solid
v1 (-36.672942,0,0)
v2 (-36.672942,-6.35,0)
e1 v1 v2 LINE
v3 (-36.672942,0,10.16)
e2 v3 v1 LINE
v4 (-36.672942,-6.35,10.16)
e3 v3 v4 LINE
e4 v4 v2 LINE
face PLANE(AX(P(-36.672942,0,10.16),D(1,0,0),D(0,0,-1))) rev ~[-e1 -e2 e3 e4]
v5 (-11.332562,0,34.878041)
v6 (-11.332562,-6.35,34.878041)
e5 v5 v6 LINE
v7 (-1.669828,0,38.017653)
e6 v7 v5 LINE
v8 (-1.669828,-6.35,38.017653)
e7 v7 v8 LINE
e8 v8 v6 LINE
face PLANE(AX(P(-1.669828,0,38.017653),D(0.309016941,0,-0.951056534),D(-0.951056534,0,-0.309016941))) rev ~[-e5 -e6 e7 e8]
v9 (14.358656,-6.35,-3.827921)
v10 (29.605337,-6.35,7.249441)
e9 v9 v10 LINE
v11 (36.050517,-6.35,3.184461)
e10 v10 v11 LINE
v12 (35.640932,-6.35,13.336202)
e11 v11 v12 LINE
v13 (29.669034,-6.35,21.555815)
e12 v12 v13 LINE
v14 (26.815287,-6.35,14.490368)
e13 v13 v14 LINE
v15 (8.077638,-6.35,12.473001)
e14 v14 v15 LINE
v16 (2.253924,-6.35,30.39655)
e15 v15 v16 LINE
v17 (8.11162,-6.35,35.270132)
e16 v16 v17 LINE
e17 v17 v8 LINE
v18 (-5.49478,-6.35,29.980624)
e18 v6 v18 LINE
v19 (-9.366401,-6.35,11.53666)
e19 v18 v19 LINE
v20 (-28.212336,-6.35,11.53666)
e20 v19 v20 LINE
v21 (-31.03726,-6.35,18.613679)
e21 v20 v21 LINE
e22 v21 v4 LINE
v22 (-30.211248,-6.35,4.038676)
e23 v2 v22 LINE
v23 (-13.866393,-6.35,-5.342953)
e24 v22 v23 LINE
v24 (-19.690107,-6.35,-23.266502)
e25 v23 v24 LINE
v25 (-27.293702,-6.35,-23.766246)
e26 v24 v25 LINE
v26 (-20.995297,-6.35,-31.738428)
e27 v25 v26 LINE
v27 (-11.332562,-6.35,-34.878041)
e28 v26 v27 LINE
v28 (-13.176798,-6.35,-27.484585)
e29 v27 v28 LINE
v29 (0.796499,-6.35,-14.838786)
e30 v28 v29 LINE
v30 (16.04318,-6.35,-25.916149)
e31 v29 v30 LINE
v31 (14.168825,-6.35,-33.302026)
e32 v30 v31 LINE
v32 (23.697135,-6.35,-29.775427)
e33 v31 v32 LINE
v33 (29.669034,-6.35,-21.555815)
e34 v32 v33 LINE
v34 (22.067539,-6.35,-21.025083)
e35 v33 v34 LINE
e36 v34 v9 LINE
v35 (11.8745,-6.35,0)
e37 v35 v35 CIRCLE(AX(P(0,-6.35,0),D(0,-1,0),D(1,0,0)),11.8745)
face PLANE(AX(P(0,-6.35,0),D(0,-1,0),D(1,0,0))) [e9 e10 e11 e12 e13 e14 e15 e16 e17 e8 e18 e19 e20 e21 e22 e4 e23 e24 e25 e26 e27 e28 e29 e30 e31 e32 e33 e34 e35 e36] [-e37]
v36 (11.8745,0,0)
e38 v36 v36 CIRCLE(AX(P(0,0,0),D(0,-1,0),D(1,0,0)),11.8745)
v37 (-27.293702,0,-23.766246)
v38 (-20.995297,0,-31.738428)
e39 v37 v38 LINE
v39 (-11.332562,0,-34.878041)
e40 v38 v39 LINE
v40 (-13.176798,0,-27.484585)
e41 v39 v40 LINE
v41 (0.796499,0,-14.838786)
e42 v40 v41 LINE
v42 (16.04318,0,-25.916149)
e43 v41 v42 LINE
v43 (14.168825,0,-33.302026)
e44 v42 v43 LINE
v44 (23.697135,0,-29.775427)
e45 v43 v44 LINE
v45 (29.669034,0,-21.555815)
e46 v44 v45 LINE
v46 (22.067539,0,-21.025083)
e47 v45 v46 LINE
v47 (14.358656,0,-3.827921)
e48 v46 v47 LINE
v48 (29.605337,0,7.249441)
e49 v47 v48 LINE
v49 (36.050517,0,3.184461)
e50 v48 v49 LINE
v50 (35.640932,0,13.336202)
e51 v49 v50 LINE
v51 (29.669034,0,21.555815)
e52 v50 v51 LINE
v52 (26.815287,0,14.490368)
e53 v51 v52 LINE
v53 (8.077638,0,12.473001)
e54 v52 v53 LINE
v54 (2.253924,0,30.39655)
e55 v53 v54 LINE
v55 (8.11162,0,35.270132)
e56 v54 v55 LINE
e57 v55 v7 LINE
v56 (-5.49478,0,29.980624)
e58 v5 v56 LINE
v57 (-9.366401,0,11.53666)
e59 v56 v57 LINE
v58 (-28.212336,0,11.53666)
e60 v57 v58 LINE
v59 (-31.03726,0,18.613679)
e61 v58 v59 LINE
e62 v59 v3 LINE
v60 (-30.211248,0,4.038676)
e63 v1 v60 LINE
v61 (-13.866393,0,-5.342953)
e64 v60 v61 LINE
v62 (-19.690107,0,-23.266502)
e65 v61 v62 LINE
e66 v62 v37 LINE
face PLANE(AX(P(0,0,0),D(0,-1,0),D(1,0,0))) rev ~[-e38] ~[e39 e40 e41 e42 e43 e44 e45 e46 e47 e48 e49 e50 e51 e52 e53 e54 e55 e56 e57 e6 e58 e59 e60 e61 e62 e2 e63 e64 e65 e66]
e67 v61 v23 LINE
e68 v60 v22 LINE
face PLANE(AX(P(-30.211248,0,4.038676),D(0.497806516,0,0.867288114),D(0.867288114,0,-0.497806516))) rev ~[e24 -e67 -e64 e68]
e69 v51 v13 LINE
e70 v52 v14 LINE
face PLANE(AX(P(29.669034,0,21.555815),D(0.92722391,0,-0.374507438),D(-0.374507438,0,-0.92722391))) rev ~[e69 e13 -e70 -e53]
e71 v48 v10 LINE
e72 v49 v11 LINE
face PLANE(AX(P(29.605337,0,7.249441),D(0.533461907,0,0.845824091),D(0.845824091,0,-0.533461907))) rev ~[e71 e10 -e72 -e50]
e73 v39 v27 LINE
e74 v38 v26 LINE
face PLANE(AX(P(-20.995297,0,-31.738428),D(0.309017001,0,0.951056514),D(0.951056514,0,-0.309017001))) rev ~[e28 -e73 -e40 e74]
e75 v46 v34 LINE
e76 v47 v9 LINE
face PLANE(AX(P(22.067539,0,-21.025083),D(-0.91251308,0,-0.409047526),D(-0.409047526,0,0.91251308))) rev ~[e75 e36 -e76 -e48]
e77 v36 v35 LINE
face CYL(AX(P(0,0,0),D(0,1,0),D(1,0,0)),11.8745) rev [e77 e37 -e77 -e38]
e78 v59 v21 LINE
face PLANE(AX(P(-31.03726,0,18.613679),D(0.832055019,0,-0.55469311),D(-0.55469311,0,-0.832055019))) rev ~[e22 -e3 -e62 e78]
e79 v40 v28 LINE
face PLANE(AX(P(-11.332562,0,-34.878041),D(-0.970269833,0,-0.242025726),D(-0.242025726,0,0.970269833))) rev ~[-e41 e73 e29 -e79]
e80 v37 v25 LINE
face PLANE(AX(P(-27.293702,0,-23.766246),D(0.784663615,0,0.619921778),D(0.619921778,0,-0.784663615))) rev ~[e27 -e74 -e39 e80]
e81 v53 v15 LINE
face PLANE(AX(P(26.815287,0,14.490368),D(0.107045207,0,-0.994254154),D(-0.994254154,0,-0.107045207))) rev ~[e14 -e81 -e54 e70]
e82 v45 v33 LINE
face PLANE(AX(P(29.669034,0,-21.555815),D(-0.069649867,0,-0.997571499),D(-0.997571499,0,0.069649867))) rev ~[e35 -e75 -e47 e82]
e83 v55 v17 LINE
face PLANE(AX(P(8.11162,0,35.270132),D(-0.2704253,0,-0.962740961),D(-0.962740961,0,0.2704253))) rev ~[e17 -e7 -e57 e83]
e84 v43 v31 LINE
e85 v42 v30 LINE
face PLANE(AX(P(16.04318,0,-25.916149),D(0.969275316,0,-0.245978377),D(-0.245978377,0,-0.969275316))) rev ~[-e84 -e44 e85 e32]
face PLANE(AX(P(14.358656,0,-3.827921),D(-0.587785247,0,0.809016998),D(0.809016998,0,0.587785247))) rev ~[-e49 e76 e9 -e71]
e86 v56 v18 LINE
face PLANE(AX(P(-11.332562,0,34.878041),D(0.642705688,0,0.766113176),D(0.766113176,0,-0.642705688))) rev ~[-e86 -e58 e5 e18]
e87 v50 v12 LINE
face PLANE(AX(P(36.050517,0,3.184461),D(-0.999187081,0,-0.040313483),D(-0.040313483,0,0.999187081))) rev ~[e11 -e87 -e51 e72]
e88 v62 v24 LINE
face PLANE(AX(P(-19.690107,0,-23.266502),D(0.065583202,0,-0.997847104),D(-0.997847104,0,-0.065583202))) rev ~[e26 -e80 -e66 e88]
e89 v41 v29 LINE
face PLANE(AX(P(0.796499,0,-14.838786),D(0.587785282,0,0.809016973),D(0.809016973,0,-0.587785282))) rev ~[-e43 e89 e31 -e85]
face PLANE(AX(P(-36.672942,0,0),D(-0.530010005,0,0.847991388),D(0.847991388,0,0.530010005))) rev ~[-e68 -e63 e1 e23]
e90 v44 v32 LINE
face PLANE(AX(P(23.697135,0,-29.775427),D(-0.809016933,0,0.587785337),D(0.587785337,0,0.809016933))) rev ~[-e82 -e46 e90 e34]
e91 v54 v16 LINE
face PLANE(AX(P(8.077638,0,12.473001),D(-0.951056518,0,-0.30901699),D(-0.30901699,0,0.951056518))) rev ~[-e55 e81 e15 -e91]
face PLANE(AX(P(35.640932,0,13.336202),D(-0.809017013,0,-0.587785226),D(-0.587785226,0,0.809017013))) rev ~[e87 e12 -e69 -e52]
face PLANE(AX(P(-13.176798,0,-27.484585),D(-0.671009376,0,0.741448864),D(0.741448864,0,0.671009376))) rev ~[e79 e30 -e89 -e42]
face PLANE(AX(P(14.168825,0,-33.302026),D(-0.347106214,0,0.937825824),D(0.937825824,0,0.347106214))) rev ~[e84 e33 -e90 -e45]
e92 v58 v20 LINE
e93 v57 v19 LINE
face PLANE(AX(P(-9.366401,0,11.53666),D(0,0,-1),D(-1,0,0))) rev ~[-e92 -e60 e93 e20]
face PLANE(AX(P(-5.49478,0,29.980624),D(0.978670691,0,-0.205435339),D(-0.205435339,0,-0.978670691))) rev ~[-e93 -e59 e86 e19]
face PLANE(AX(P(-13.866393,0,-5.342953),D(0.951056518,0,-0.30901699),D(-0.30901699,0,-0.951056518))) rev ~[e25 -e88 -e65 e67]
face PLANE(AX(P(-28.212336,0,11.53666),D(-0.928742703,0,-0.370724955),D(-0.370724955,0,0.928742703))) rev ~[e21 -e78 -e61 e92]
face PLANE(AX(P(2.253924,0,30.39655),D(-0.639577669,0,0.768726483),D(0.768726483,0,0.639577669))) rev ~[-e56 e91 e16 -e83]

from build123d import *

# Parameters (mm, degrees)
F0_R     = 11.8745
F1_DEPTH = 6.35


with BuildPart() as f1:
    # F0 (on Front) → F1 (new body)
    with BuildSketch(Plane.XZ):
        Polygon((-5.49478, 29.980624), (-9.366401, 11.53666), (-28.212336, 11.53666), (-31.03726, 18.613679), (-36.672942, 10.16), (-36.672942, 0), (-30.211248, 4.038676), (-13.866393, -5.342953), (-19.690107, -23.266502), (-27.293702, -23.766246), (-20.995297, -31.738428), (-11.332562, -34.878041), (-13.176798, -27.484585), (0.796499, -14.838786), (16.04318, -25.916149), (14.168825, -33.302026), (23.697135, -29.775427), (29.669034, -21.555815), (22.067539, -21.025083), (14.358656, -3.827921), (29.605337, 7.249441), (36.050517, 3.184461), (35.640932, 13.336202), (29.669034, 21.555815), (26.815287, 14.490368), (8.077638, 12.473001), (2.253924, 30.39655), (8.11162, 35.270132), (-1.669828, 38.017653), (-11.332562, 34.878041), align=None)
        Circle(F0_R, mode=Mode.SUBTRACT)
    extrude(amount=F1_DEPTH)


solid = f1.part
